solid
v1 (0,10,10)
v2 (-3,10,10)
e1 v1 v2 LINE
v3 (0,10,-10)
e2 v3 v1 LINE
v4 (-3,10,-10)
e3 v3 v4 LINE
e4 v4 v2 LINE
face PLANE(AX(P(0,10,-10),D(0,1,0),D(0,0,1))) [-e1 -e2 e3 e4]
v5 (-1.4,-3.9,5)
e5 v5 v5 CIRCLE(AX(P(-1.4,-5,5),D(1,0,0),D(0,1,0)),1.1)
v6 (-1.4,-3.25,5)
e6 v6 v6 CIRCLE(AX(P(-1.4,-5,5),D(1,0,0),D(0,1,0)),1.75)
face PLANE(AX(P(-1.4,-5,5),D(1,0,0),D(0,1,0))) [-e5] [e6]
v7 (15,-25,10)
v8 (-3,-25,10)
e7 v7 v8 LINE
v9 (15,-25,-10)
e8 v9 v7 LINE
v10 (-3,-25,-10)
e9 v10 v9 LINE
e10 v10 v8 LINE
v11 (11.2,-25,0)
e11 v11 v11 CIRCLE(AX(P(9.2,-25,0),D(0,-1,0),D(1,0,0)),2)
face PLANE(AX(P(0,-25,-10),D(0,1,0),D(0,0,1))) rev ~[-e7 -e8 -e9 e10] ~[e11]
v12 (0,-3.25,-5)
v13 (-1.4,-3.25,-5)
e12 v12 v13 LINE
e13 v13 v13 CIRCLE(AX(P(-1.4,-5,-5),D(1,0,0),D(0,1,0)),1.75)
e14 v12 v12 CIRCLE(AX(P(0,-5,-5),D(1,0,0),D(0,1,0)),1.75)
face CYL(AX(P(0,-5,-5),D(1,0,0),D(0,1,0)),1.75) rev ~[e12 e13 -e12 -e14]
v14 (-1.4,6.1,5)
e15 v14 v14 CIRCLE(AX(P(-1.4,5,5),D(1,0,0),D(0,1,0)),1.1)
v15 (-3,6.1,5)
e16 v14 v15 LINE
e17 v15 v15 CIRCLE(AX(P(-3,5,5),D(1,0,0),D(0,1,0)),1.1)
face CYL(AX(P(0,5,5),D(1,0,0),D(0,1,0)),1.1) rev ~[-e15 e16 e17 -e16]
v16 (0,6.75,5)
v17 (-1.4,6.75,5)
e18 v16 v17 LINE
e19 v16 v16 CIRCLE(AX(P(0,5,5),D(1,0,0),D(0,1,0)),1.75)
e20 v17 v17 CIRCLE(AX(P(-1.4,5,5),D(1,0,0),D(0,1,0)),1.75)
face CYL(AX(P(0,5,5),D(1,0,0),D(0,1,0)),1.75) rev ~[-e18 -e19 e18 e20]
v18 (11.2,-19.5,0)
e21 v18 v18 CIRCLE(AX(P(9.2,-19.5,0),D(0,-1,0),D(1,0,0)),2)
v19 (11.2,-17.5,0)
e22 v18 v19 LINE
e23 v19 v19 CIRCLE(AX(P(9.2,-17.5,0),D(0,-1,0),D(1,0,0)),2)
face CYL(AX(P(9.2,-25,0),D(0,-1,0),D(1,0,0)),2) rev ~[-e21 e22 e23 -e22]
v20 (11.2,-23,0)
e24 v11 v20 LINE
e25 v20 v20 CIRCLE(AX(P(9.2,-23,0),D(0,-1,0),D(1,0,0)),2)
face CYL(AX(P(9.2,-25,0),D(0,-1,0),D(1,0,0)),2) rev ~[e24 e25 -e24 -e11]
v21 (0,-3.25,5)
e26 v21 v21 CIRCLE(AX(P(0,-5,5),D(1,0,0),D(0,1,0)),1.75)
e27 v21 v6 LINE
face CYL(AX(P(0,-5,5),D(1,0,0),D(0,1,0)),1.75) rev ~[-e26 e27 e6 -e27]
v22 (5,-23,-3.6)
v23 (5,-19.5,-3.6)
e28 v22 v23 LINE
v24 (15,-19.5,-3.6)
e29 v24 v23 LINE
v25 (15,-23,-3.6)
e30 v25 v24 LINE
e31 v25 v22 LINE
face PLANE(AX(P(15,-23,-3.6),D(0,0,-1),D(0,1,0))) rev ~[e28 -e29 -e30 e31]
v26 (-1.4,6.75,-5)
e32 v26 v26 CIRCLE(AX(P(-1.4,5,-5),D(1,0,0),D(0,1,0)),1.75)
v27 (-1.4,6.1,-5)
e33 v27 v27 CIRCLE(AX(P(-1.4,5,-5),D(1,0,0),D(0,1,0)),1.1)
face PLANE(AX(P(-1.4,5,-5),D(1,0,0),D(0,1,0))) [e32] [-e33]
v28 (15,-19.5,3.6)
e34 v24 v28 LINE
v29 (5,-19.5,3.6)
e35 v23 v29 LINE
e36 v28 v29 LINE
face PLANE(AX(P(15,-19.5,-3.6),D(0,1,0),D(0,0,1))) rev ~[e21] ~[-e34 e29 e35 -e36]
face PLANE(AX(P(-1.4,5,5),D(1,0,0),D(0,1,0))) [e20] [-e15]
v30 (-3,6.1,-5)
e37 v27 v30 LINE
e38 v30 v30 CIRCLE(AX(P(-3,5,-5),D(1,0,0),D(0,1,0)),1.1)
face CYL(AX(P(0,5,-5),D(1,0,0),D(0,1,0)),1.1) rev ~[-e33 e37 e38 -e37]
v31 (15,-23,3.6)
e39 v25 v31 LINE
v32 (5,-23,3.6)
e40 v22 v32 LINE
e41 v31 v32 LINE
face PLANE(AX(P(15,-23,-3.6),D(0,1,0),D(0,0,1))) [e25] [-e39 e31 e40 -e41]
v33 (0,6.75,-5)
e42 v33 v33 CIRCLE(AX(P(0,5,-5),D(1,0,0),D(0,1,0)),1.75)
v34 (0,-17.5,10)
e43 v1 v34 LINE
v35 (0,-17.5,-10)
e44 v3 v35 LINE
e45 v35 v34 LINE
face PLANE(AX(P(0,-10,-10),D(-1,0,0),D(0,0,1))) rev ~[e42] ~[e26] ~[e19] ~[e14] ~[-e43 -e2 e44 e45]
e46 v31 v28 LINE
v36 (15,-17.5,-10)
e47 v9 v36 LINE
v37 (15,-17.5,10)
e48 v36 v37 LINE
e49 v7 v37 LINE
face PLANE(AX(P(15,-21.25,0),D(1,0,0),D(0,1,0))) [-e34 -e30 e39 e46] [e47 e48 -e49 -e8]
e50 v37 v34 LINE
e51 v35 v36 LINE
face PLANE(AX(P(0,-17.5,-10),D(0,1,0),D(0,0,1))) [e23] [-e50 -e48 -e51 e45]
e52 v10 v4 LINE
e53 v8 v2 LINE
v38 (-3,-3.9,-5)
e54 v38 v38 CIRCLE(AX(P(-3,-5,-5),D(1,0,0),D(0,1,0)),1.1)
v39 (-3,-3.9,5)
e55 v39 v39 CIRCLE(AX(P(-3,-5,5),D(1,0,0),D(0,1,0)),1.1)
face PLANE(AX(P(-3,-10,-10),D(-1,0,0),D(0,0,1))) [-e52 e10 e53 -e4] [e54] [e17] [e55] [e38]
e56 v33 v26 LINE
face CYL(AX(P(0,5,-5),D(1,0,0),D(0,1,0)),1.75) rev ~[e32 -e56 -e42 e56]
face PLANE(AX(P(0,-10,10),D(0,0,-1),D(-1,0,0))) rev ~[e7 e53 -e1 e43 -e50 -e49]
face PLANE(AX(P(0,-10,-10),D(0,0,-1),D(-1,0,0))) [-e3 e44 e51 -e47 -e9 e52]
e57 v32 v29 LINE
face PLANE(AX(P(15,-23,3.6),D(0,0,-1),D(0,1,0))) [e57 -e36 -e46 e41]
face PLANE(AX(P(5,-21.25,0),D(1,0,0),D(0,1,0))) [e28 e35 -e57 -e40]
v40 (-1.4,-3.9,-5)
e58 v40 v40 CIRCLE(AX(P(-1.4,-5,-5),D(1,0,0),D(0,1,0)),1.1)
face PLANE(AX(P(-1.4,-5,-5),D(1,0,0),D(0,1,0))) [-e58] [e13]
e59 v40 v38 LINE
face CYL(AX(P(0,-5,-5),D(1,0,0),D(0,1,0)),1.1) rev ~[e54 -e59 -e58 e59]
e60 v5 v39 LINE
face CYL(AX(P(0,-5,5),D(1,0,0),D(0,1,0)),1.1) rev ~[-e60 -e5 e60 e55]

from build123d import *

# Parameters (mm, degrees)
F0_W     = 20
F0_H     = 20
F0_R     = 1.75
F0_R_2   = 1.1
F1_DEPTH = 3
F2_DEPTH = 1.4
F0_W_2   = 7.5
F3_DEPTH = 15
F4_DEPTH = 3
F5_W     = 3.5
F5_H     = 7.2
F6_DEPTH = 10
F7_R     = 2
F8_DEPTH = 25
F9_DEPTH = 7.5


with BuildPart() as f1:
    # F0 (on Right) → F1 (new body)
    with BuildSketch(Plane.YZ):
        Rectangle(F0_W, F0_H)
        with Locations((-5, -5)):
            Circle(F0_R, mode=Mode.SUBTRACT)
        with Locations((5, -5)):
            Circle(F0_R, mode=Mode.SUBTRACT)
        with Locations((-5, 5)):
            Circle(F0_R, mode=Mode.SUBTRACT)
        with Locations((5, 5)):
            Circle(F0_R, mode=Mode.SUBTRACT)
        with Locations((-5, 5)):
            Circle(F0_R)
        with Locations((-5, 5)):
            Circle(F0_R_2, mode=Mode.SUBTRACT)
        with Locations((5, 5)):
            Circle(F0_R)
        with Locations((5, 5)):
            Circle(F0_R_2, mode=Mode.SUBTRACT)
        with Locations((5, -5)):
            Circle(F0_R)
        with Locations((5, -5)):
            Circle(F0_R_2, mode=Mode.SUBTRACT)
        with Locations((-5, -5)):
            Circle(F0_R)
        with Locations((-5, -5)):
            Circle(F0_R_2, mode=Mode.SUBTRACT)
    extrude(amount=-F1_DEPTH)

    # F0 (on Right) → F2 (cut)
    with BuildSketch(Plane.YZ):
        with Locations((-5, 5)):
            Circle(F0_R)
        with Locations((-5, 5)):
            Circle(F0_R_2, mode=Mode.SUBTRACT)
        with Locations((5, 5)):
            Circle(F0_R)
        with Locations((5, 5)):
            Circle(F0_R_2, mode=Mode.SUBTRACT)
        with Locations((5, -5)):
            Circle(F0_R)
        with Locations((5, -5)):
            Circle(F0_R_2, mode=Mode.SUBTRACT)
        with Locations((-5, -5)):
            Circle(F0_R)
        with Locations((-5, -5)):
            Circle(F0_R_2, mode=Mode.SUBTRACT)
    extrude(amount=-F2_DEPTH, mode=Mode.SUBTRACT)

    # F9 (add, through all): a face of the model
    f9_faces = [f1.faces().sort_by_distance(p)[0] for p in [
        (-1.5, -10, 0),
    ]]


with BuildPart() as f3:
    # F0 (on Right) → F3 (new body)
    with BuildSketch(Plane.YZ):
        with Locations((-21.25, 0)):
            Rectangle(F0_W_2, F0_H)
    extrude(amount=F3_DEPTH)

    # F4 (add, through all): a face of the model
    f4_faces = [f3.faces().sort_by_distance(p)[0] for p in [
        (0, -21.25, 0),
    ]]
    extrude(f4_faces, amount=F4_DEPTH)

    # F5 (on face) → F6 (cut)
    with BuildSketch(Plane.YZ.offset(15)):
        with Locations((-21.25, 0)):
            Rectangle(F5_W, F5_H)
    extrude(amount=-F6_DEPTH, mode=Mode.SUBTRACT)

    # F7 (on face) → F8 (cut)
    with BuildSketch(Plane.XZ.offset(25)):
        with Locations((9.2, 0)):
            Circle(F7_R)
    extrude(amount=-F8_DEPTH, mode=Mode.SUBTRACT)


with BuildPart() as f1_1:
    add(f1.part)

    add(f3.part)  # F9 merges F3
    extrude(f9_faces, amount=F9_DEPTH)


solid = f1_1.part
